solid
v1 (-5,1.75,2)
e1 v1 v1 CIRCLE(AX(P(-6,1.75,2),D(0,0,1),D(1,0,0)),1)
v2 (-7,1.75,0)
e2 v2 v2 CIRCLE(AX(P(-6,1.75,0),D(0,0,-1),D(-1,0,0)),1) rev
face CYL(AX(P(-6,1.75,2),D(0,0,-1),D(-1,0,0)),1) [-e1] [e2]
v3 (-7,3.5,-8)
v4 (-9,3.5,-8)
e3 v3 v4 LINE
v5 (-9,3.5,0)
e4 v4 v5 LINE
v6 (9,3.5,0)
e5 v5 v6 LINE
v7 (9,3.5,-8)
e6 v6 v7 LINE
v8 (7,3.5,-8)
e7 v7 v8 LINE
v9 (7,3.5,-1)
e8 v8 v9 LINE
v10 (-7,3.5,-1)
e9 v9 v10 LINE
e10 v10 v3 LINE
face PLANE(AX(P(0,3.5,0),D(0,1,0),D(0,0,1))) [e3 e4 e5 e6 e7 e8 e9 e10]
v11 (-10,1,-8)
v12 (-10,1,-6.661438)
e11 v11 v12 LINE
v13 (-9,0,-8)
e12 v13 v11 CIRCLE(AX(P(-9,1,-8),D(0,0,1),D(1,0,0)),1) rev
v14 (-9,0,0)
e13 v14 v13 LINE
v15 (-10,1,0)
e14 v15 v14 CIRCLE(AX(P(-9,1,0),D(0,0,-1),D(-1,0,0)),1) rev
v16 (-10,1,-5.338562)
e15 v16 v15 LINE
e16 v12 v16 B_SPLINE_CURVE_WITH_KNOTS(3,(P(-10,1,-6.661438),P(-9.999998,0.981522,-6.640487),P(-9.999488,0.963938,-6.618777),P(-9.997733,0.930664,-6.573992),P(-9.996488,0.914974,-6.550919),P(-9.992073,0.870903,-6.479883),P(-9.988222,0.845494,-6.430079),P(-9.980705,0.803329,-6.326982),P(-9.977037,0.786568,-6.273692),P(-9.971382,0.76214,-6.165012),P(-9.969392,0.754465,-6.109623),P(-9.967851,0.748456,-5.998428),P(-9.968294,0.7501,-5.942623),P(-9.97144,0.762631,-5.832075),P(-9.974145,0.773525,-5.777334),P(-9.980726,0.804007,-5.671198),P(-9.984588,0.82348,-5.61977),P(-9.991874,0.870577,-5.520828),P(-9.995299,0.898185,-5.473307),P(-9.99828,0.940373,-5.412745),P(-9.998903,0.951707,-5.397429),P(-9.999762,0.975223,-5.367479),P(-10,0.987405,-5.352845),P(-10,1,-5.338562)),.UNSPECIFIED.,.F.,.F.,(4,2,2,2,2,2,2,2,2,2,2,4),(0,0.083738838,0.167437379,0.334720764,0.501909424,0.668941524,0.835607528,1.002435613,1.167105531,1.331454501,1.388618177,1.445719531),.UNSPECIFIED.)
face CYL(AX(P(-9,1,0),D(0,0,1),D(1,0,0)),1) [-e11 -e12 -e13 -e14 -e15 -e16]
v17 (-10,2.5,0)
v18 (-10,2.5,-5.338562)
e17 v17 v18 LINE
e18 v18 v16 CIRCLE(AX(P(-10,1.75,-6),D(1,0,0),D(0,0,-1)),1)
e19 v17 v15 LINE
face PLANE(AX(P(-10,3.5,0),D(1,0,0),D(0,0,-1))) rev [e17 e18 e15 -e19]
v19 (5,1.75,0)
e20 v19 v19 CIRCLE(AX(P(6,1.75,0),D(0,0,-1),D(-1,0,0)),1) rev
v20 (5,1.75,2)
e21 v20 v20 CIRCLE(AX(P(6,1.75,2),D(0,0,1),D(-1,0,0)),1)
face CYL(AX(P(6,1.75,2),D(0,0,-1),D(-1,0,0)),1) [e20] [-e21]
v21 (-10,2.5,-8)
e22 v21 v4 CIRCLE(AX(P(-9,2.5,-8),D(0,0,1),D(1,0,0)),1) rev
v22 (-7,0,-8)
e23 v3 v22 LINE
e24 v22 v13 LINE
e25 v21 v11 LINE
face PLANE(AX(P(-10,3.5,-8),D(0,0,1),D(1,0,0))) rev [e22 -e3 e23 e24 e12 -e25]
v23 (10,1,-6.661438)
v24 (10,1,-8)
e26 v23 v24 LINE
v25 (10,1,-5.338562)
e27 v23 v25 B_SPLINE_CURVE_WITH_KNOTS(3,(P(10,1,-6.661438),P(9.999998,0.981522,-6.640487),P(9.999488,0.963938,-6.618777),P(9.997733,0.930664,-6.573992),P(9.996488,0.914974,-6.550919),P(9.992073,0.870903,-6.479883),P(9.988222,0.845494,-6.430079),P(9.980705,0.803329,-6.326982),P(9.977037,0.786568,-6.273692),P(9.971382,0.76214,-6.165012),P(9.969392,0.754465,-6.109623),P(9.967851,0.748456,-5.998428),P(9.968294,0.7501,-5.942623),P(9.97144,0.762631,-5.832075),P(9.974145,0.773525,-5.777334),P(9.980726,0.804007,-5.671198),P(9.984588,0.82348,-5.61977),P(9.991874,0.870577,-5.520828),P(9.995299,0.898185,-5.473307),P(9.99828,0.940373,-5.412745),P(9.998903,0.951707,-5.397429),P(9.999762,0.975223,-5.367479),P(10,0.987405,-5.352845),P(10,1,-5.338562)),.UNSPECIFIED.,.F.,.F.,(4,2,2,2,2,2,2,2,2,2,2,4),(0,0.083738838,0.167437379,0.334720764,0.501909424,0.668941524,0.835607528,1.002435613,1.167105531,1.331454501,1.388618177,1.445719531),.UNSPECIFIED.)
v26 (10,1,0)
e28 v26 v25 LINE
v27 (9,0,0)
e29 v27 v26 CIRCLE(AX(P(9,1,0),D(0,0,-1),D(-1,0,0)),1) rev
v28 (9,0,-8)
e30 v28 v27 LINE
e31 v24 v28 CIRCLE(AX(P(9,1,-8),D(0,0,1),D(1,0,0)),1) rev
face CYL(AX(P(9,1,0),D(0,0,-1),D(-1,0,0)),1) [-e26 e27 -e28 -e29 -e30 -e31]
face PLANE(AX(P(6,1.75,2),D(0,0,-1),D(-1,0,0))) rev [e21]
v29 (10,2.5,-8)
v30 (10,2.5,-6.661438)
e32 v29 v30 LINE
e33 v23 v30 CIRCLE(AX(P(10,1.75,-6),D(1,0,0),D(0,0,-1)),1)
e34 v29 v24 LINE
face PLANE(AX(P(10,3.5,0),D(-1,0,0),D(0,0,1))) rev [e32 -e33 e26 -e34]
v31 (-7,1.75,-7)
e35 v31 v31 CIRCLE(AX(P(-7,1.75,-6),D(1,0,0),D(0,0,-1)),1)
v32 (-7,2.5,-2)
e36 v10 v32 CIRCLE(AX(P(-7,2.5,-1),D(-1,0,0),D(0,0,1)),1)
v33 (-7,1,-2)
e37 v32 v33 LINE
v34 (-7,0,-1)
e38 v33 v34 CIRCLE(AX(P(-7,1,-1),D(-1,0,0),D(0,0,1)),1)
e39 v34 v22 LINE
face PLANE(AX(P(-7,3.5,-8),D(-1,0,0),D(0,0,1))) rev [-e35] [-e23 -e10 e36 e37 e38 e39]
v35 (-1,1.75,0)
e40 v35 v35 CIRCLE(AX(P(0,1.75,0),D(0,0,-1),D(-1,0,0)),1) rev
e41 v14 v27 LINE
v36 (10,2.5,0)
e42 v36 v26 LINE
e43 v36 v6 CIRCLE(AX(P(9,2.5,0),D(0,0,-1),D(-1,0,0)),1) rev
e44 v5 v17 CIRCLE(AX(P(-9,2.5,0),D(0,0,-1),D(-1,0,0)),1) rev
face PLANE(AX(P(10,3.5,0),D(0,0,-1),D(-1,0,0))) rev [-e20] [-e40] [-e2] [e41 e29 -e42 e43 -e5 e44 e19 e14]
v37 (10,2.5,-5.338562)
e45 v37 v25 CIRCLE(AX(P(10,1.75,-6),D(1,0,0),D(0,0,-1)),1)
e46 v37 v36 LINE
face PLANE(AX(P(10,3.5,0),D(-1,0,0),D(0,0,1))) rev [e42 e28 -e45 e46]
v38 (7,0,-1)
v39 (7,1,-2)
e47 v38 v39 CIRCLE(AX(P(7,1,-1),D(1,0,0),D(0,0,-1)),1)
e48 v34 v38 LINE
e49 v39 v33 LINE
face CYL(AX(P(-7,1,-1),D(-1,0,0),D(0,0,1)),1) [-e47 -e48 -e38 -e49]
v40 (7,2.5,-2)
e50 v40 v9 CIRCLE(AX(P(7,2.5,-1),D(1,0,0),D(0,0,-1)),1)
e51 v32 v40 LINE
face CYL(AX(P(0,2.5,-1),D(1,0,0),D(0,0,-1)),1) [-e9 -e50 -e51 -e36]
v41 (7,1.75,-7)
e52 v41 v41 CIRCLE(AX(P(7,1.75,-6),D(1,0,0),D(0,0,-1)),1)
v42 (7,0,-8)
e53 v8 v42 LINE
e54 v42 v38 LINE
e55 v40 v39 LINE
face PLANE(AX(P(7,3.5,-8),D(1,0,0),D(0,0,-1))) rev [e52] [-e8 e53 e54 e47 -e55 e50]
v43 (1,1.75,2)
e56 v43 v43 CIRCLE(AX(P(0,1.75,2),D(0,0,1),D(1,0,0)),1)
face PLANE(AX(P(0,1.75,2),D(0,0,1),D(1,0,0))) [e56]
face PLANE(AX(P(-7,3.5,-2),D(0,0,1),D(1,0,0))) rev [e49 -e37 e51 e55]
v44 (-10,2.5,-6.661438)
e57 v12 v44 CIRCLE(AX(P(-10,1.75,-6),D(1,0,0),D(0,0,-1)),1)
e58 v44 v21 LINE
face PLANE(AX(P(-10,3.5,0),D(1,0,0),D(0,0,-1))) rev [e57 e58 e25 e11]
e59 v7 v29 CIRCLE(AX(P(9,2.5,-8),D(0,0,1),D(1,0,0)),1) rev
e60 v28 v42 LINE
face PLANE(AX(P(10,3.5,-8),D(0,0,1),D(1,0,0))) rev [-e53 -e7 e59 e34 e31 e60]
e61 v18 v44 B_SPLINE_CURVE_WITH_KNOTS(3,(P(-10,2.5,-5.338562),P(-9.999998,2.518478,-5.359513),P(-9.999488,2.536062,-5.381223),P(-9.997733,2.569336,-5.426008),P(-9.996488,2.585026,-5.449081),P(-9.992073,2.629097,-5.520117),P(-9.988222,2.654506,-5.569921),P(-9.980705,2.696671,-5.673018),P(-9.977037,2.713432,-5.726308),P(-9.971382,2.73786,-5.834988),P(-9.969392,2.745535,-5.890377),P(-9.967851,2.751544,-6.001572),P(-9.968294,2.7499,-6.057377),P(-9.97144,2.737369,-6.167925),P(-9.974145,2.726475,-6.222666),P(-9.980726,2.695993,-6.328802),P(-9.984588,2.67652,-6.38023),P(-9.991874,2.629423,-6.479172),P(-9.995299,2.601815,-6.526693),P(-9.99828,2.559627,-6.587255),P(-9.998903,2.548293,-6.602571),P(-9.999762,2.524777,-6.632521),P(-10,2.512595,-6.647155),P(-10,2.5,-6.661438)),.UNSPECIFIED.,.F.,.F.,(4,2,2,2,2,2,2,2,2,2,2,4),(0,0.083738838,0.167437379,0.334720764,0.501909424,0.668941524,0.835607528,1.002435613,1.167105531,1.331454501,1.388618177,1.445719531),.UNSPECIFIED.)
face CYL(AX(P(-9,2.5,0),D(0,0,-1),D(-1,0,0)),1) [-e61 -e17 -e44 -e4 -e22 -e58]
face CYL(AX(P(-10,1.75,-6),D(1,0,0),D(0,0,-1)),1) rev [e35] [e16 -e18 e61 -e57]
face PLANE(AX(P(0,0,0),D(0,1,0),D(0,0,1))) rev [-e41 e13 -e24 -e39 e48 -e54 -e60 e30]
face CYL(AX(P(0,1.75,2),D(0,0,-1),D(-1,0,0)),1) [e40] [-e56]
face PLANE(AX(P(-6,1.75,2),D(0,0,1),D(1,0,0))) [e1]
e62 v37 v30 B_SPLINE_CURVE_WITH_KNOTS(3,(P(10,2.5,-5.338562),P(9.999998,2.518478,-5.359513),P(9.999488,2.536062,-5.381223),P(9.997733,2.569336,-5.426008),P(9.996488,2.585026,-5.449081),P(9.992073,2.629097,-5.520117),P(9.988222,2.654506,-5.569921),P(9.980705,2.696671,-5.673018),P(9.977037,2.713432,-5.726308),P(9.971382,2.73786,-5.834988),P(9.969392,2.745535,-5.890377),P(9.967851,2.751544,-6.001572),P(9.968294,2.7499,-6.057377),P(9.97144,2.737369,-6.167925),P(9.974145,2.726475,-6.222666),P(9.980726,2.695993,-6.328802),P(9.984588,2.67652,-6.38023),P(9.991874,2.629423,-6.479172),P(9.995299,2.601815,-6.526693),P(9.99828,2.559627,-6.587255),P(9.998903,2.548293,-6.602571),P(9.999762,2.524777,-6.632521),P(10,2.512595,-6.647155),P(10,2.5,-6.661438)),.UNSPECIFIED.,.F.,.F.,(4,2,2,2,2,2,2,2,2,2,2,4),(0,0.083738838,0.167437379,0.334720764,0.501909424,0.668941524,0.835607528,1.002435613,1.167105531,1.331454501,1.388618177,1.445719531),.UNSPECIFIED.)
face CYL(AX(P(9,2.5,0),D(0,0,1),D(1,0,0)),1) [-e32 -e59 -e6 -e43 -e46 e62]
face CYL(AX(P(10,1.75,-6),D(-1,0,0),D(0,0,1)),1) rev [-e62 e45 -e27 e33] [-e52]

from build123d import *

# Parameters (mm, degrees)
SALIENTE_EXTRUIR1_DEPTH = 3.5
CROQUIS2_R              = 1
SALIENTE_EXTRUIR2_DEPTH = 2
REDONDEO1_R             = 1
CROQUIS3_R              = 1
CORTAR_EXTRUIR1_DEPTH   = 20.111514854


with BuildPart() as part:
    # Croquis1 → Saliente-Extruir1 (new body)
    with BuildSketch(Plane(origin=(0, 0, 0), x_dir=(1, 0, 0), z_dir=(0, 1, 0))):
        Polygon((10, 0), (-10, 0), (-10, 8), (-7, 8), (-7, 2), (7, 2), (7, 8), (10, 8), align=None)
    extrude(amount=SALIENTE_EXTRUIR1_DEPTH)

    # Croquis2 → Saliente-Extruir2 (add)
    with BuildSketch(Plane.XY):
        with Locations(Location((0, 1.75, 0), (0, 0, 180))):
            Circle(CROQUIS2_R)
        with Locations(Location((-6, 1.75, 0), (0, 0, 180))):
            Circle(CROQUIS2_R)
        with Locations(Location((6, 1.75, 0), (0, 0, 180))):
            Circle(CROQUIS2_R)
    extrude(amount=SALIENTE_EXTRUIR2_DEPTH)

    # Redondeo1
    redondeo1_edges = [part.edges().sort_by_distance(p)[0] for p in [
        (0, 0, -2),
        (-10, 3.5, -4),
        (10, 3.5, -4),
        (0, 3.5, -2),
        (10, 0, -4),
        (-10, 0, -4),
    ]]
    fillet(redondeo1_edges, radius=REDONDEO1_R)

    # Croquis3 → Cortar-Extruir1 (cut, through all)
    with BuildSketch(Plane(origin=(-7, 0, 0), x_dir=(0, 0, -1), z_dir=(1, 0, 0))):
        with Locations((6, 1.75)):
            Circle(CROQUIS3_R)
    cortar_extruir1 = extrude(amount=-CORTAR_EXTRUIR1_DEPTH, mode=Mode.SUBTRACT)

    # Simetría3: Cortar-Extruir1 across plane
    add(cortar_extruir1.mirror(Plane(origin=(0, 0, 0), x_dir=(0, 0, 1), z_dir=(1, 0, 0))), mode=Mode.SUBTRACT)


solid = part.part
